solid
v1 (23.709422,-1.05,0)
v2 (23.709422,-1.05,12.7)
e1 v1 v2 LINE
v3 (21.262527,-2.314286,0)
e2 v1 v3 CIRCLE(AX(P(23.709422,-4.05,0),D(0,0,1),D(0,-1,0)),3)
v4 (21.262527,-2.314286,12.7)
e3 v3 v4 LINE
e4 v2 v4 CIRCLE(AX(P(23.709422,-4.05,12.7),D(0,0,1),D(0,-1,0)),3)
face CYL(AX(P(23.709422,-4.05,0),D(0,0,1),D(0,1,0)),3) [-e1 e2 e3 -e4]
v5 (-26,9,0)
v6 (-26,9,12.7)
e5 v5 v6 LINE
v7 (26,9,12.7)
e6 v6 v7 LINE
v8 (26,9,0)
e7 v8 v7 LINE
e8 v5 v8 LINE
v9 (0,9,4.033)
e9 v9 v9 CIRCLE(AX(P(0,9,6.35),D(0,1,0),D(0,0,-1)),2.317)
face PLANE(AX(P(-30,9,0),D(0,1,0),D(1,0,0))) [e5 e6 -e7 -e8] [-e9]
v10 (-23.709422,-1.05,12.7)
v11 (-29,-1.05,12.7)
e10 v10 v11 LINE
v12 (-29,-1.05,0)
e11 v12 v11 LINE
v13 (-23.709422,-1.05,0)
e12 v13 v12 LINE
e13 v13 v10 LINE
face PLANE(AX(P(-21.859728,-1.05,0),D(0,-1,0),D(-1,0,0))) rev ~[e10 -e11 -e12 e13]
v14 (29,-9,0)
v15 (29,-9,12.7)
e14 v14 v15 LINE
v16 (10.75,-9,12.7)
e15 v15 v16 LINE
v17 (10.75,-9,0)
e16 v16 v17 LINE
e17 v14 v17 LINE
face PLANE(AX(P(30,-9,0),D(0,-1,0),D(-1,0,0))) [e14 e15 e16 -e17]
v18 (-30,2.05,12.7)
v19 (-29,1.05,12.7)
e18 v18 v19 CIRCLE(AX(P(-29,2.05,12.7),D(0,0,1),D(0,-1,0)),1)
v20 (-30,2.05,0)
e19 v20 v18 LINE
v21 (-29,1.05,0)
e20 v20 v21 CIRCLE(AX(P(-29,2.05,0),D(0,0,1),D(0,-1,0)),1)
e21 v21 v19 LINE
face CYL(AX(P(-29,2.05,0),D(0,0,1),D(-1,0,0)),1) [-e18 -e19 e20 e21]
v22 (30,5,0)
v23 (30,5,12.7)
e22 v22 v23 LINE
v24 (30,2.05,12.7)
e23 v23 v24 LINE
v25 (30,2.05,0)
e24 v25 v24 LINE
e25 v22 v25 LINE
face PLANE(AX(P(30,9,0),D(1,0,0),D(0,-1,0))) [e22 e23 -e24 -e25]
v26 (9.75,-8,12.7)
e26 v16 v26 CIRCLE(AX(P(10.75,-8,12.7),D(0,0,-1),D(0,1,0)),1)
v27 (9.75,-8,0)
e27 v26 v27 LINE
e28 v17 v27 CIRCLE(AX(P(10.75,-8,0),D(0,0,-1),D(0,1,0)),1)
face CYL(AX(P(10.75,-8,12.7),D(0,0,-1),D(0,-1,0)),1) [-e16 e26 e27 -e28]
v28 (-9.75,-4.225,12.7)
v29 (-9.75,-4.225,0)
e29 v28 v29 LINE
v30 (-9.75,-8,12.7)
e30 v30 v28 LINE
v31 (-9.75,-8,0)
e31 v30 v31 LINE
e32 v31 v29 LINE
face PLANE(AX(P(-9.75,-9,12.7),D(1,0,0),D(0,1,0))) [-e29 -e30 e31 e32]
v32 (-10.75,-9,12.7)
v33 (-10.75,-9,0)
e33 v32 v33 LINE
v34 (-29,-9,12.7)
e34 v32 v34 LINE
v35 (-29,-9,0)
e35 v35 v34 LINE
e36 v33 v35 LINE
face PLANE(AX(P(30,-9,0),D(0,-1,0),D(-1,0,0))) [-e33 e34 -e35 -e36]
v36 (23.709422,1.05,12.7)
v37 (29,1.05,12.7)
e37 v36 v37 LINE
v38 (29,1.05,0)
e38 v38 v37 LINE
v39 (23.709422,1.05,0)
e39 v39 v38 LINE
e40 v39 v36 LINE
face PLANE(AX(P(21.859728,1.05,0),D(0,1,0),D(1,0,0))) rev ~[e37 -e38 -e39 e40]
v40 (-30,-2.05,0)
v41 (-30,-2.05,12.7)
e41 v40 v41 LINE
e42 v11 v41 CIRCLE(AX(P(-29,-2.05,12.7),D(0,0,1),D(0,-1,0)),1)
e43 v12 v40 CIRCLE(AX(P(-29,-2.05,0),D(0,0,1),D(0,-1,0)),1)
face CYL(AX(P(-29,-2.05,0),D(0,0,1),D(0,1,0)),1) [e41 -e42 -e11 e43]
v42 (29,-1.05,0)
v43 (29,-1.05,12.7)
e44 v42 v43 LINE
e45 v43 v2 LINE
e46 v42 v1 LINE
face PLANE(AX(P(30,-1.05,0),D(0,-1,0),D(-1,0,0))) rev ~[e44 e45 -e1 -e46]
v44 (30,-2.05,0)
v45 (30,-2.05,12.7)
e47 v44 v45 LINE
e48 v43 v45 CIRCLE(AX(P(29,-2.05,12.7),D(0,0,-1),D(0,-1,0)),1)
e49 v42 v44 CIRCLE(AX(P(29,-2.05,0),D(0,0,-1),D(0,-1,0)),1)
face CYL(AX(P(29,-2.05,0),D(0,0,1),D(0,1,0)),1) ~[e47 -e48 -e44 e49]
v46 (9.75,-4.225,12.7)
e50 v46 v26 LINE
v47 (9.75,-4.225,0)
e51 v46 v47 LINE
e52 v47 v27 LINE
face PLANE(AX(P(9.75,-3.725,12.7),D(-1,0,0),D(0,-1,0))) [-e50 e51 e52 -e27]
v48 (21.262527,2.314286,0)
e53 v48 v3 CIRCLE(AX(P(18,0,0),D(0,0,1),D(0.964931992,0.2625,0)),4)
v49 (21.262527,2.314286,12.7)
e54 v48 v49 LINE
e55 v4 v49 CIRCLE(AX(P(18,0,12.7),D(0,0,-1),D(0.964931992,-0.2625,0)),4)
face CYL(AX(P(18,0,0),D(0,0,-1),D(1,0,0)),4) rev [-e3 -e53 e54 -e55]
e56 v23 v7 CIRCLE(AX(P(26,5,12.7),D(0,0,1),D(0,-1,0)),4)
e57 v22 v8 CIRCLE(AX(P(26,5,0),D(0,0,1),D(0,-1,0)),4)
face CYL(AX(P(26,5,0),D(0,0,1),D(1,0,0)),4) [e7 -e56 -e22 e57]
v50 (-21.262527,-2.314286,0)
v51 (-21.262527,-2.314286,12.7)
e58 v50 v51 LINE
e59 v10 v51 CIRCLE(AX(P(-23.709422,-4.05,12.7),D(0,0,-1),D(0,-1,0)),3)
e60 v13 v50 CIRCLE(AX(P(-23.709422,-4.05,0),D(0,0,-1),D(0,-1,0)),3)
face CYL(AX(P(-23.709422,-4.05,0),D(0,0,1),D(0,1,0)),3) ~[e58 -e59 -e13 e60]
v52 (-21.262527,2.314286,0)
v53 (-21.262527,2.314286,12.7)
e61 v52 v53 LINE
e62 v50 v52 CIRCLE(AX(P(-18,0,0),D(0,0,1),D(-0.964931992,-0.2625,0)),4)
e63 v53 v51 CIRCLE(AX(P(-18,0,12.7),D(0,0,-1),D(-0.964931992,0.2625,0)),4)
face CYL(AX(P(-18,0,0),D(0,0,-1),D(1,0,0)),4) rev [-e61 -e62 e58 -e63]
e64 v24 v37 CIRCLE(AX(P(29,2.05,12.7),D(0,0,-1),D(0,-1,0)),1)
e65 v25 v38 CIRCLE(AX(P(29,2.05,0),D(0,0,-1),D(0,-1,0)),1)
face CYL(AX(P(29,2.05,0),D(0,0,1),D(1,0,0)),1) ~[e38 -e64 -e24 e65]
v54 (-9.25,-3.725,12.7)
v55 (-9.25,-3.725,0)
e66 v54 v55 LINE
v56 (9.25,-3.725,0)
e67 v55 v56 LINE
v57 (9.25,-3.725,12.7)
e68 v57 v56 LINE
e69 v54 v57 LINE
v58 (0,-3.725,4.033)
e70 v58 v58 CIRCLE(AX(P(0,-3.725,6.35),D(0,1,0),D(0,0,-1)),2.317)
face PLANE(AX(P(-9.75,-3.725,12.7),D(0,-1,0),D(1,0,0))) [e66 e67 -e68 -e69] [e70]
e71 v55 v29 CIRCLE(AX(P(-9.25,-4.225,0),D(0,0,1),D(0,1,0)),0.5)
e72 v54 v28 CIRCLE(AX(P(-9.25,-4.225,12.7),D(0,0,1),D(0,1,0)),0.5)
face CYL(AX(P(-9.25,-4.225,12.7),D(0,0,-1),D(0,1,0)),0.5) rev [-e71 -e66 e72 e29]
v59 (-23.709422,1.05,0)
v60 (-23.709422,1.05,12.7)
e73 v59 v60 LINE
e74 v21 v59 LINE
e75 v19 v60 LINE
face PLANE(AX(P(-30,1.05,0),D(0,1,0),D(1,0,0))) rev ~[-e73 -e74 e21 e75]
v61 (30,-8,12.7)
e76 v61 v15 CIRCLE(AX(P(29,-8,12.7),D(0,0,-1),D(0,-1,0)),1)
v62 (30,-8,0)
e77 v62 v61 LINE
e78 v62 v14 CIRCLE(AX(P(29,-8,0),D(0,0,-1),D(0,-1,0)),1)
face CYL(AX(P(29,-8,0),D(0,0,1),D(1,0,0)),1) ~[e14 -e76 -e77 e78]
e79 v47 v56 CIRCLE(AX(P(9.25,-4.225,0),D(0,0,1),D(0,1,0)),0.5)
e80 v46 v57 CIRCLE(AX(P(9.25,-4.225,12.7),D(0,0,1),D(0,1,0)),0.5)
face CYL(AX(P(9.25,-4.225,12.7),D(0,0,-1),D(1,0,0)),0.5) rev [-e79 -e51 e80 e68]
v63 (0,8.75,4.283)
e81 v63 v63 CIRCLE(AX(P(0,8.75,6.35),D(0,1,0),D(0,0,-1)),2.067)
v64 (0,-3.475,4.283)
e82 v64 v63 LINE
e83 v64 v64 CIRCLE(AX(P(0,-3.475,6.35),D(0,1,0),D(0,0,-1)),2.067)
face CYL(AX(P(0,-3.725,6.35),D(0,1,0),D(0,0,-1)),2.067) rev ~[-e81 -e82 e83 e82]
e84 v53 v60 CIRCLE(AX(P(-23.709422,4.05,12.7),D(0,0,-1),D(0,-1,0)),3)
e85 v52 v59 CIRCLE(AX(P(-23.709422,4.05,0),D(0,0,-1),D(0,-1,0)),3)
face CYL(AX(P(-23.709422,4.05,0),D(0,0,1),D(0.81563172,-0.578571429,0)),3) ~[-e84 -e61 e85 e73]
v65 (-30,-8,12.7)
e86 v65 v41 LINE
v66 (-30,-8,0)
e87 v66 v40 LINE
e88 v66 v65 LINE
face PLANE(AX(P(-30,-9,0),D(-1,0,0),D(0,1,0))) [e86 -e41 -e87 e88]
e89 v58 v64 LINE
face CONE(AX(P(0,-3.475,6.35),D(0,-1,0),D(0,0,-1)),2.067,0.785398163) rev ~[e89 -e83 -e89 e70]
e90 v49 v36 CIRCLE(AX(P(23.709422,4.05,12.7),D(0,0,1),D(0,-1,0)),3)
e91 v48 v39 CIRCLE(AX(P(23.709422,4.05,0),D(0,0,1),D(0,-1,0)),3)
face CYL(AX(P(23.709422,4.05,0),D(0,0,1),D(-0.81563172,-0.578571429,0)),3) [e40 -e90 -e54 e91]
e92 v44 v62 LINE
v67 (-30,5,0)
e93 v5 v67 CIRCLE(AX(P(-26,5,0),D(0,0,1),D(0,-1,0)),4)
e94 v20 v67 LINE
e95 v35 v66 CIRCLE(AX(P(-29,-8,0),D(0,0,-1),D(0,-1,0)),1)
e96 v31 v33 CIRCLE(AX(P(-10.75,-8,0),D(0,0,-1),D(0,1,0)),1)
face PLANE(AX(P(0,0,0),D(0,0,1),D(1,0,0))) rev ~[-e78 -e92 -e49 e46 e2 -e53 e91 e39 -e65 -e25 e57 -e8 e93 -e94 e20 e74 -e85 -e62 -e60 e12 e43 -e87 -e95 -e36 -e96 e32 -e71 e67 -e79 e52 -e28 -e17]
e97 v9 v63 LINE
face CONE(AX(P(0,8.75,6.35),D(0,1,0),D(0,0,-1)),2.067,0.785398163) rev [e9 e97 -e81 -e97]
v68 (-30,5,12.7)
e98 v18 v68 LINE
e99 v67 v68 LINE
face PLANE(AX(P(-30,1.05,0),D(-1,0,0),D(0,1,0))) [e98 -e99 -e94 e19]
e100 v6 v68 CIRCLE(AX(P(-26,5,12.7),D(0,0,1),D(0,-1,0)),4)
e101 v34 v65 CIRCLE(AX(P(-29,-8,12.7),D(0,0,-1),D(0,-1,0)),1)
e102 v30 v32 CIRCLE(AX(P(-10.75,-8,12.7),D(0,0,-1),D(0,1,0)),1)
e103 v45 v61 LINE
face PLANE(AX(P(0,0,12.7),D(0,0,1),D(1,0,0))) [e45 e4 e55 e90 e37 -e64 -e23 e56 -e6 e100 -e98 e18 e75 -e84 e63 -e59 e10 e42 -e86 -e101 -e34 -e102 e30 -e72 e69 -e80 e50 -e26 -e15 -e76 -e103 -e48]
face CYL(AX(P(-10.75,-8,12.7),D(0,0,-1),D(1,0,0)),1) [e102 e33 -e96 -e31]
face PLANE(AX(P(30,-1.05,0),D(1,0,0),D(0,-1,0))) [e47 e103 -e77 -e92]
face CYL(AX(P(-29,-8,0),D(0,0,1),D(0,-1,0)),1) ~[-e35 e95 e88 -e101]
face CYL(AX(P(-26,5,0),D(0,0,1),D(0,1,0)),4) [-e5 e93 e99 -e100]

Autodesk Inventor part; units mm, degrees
ref_plane "YZ Plane" through (0, 0, 0) normal (1, 0, 0) x (0, 1, 0)
ref_plane "XZ Plane" through (0, 0, 0) normal (0, 1, 0) x (-1, 0, 0)
ref_plane "XY Plane" through (0, 0, 0) normal (0, 0, 1) x (1, 0, 0)
sketch "Sketch1" plane through (0, 0, 0) normal (0, 0, 1) x (1, 0, 0)
  line L0 (30, -9) -> (-30, -9)
  line L1 (-30, -9) -> (-30, 9)
  line L2 (-30, 9) -> (30, 9)
  line L3 (30, 9) -> (30, -9)
  line L4 (30, -9) -> (-30, 9) construction
  line L5 (-30, -9) -> (30, 9) construction
  circle A0 centre (-18, 0) radius 4
  circle A1 centre (18, 0) radius 4
  line L6 (-18, 0) -> (18, 0) construction
  line L7 (30, -1.05) -> (-30, -1.05)
  line L8 (-30, -1.05) -> (-30, 1.05) construction
  line L9 (-30, 1.05) -> (30, 1.05)
  line L10 (30, 1.05) -> (30, -1.05) construction
  line L11 (30, -1.05) -> (-30, 1.05) construction
  line L12 (-30, -1.05) -> (30, 1.05) construction
  point P0 (0, 0)
  point P1 (-21.8597, 1.05)
  point P2 (-21.8597, -1.05)
  point P3 (21.8597, -1.05)
  point P4 (21.8597, 1.05)
  dimension "d0" = 60
  dimension "d1" = 18
  dimension "d2" = 8
  dimension "d4" = 2.1
  dimension "d5" = 36
extrude "Extrusion1" add sketch "Sketch1" along normal blind 12.7 contours L0 L1 L7 A0 A1 L3 | L9 A1 A0 L1 L2 L3 | L7 A0 L9 A1
fillet "Fillet1" radius 3 4 edges at (-21.8597, 1.05, 6.35) (-21.8597, -1.05, 6.35) (21.8597, 1.05, 6.35) (21.8597, -1.05, 6.35)
sketch "Sketch2" plane through (0, 0, 12.7) normal (0, 0, 1) x (1, 0, 0)
  line L0 (9.75, -9) -> (-9.75, -9)
  line L1 (-9.75, -9) -> (-9.75, -3.725)
  line L2 (-9.75, -3.725) -> (9.75, -3.725)
  line L3 (9.75, -3.725) -> (9.75, -9)
  line L4 (9.75, -9) -> (-9.75, -3.725) construction
  line L5 (-9.75, -9) -> (9.75, -3.725) construction
  line L6 (-30, -9) -> (30, -9) projected
  arc A0 (-21.2625, -2.3143) -> (-21.2625, 2.3143) centre (-18, 0) ccw projected
  circle A1 centre (-18, 0) radius 9.052 construction
  point P0 (0, 0)
  point P1 (0, -6.3625)
  dimension "d9" = 3.725
  dimension "d10" = 5.052
  dimension "d11" = 19.5
extrude "Extrusion2" cut sketch "Sketch2" against normal up to surface (12.7 mm away)
fillet "Fillet2" radius 1 4 edges at (9.75, -9, 6.35) (-9.75, -9, 6.35) (-30, -9, 6.35) (30, -9, 6.35)
fillet "Fillet3" radius 4 2 edges at (30, 9, 6.35) (-30, 9, 6.35)
fillet "Fillet4" radius 1 4 edges at (-30, 1.05, 6.35) (-30, -1.05, 6.35) (30, 1.05, 6.35) (30, -1.05, 6.35)
fillet "Fillet5" radius 0.5 2 edges at (9.75, -3.725, 6.35) (-9.75, -3.725, 6.35)
sketch "Sketch3" plane through (-9.25, -3.725, 12.7) normal (0, -1, 0) x (1, 0, 0)
  line L0 (0, -12.7) -> (0, 0) projected
  line L1 (18.5, -12.7) -> (0, -12.7) projected
  line L2 (18.5, 0) -> (18.5, -12.7) projected
  line L3 (0, 0) -> (18.5, 0) projected
  line L4 (9.25, -12.7) -> (9.25, 0) construction
  point P0 (9.25, -6.35)
hole "Hole1" at (0, -3.725, 6.35) direction (0, 1, 0) diameter 4.134 end through all thread size "M5x0.8" class "6H" standard "ANSI Metric M Profile"
chamfer "Chamfer1" distance 0.25 angle 45 2 edges at (0, 9, 8.417) (0, -3.725, 8.417)
properties part number "Printhead Belt Retainer" material "Aluminum 6061"
